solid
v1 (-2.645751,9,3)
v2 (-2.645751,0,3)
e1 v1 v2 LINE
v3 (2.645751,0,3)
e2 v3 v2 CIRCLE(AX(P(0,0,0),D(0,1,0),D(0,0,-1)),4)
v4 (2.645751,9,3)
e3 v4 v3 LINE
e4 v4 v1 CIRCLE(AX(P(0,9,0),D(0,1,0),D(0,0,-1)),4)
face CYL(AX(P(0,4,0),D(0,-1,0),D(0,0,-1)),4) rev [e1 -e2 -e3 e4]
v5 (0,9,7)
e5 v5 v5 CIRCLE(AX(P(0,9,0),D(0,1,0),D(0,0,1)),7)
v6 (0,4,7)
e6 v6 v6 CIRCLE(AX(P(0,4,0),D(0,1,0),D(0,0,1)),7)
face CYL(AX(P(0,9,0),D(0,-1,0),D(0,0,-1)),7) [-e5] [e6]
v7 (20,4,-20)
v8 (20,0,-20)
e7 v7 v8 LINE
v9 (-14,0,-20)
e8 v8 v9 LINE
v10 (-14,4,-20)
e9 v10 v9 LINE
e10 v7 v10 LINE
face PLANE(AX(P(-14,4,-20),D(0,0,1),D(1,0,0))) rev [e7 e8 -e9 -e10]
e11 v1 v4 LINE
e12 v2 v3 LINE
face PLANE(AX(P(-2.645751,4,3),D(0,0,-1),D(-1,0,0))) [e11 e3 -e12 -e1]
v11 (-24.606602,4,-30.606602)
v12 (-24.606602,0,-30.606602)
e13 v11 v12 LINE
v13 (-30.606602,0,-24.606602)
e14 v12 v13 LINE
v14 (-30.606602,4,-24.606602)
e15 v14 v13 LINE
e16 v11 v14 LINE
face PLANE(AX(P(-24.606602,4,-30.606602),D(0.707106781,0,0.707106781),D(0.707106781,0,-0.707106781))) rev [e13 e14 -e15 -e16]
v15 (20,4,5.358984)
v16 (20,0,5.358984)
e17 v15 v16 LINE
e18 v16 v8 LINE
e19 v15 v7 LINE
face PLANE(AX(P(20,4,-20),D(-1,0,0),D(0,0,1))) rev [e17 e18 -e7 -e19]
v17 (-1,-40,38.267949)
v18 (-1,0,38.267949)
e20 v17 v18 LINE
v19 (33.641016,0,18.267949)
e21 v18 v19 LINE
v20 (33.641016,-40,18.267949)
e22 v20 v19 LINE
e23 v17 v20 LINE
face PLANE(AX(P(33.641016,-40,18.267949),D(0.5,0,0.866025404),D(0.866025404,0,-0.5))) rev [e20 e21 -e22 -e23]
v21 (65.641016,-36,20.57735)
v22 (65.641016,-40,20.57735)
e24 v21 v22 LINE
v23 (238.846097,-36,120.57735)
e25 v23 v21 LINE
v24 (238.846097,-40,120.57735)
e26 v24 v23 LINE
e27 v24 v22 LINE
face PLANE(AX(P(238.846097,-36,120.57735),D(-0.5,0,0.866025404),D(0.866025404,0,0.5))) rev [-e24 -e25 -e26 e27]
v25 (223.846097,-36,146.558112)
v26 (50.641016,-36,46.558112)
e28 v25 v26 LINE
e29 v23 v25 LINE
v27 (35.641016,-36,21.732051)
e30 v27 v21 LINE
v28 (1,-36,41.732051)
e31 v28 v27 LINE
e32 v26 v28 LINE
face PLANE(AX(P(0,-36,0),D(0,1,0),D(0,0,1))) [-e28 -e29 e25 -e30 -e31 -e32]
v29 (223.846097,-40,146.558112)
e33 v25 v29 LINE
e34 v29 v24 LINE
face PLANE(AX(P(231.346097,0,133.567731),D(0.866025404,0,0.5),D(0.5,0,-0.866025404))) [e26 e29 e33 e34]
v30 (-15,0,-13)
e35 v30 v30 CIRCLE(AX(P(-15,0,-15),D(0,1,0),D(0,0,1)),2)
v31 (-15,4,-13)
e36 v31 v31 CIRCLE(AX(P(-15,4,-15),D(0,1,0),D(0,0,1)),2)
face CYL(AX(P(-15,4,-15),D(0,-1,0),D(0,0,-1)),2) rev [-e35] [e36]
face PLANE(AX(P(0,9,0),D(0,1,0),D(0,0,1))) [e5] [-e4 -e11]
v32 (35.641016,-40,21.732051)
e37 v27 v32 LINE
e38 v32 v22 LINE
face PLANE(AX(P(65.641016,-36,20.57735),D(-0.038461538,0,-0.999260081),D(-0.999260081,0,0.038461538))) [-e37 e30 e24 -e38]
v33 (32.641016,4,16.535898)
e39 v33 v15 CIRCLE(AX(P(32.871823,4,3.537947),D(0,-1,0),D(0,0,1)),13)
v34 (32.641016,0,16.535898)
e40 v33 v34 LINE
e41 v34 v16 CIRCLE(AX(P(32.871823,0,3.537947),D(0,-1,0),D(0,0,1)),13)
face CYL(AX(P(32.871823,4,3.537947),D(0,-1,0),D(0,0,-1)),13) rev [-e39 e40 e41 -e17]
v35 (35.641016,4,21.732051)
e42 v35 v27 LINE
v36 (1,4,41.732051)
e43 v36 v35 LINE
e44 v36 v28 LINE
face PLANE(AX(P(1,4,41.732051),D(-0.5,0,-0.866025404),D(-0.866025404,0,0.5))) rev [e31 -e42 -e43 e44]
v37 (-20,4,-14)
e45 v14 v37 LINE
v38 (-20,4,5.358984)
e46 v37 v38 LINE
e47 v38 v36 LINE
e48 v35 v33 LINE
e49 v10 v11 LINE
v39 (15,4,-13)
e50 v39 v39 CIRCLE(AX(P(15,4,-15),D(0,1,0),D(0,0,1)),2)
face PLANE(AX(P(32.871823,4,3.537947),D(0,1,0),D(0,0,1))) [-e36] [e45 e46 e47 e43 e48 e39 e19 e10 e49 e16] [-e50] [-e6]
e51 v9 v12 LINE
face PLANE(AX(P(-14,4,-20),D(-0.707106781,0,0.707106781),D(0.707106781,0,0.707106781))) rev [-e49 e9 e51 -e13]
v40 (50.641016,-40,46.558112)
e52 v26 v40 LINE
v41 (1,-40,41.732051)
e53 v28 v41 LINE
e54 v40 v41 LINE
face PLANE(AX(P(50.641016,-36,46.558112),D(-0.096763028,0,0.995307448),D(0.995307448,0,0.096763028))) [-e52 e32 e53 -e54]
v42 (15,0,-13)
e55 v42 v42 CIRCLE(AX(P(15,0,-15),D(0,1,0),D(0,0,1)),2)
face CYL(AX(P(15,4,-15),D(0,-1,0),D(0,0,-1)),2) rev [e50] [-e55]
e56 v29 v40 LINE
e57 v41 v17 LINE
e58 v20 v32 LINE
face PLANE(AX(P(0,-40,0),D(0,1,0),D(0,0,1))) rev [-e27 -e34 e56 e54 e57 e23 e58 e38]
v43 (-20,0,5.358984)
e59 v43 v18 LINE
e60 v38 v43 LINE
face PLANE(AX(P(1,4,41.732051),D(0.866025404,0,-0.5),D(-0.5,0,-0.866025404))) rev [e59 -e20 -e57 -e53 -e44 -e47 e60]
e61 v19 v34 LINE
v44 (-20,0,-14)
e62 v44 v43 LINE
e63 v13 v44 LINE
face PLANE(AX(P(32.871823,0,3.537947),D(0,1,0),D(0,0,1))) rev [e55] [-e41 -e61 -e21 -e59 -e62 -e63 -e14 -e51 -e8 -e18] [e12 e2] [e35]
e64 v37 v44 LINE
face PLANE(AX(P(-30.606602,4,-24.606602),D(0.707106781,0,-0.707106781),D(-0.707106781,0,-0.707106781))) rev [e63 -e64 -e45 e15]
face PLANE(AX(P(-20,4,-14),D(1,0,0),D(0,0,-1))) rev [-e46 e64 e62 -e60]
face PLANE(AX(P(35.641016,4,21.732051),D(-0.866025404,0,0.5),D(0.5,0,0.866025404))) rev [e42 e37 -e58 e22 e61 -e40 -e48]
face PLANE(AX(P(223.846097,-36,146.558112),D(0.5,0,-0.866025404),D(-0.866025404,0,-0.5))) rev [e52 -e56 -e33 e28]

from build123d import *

# Parameters (mm, degrees)
SKETCH1_R           = 2
BOSS_EXTRUDE1_DEPTH = 4
SKETCH2_R           = 7
BOSS_EXTRUDE2_DEPTH = 5
BOSS_EXTRUDE6_DEPTH = 40
BOSS_EXTRUDE7_DEPTH = 4
SKETCH9_W           = 30
SKETCH9_H           = 4
BOSS_EXTRUDE8_DEPTH = 200


with BuildPart() as part:
    # Sketch1 → Boss-Extrude1 (new body)
    with BuildSketch(Plane(origin=(0, 0, 0), x_dir=(1, 0, 0), z_dir=(0, 1, 0))):
        with BuildLine():
            Line((1, -41.732050808), (35.641016151, -21.732050808))
            Line((35.641016151, -21.732050808), (32.641016151, -16.535898385))
            ThreePointArc((32.641016151, -16.535898385), (24.260749779, -13.277014078), (20, -5.358983849))
            Line((20, -5.358983849), (20, 20))
            Line((20, 20), (-14, 20))
            Line((-14, 20), (-24.606601718, 30.606601718))
            Line((-24.606601718, 30.606601718), (-30.606601718, 24.606601718))
            Line((-30.606601718, 24.606601718), (-20, 14))
            Line((-20, 14), (-20, -5.358983849))
            Line((-20, -5.358983849), (1, -41.732050808))
        make_face()
        with Locations(Location((-15, 15, 0), (0, 0, 270))):
            Circle(SKETCH1_R, mode=Mode.SUBTRACT)
        with Locations(Location((15, 15, 0), (0, 0, 270))):
            Circle(SKETCH1_R, mode=Mode.SUBTRACT)
        with BuildLine():
            Line((-2.645751311, -3), (2.645751311, -3))
            ThreePointArc((2.645751311, -3), (0, 4), (-2.645751311, -3))
        make_face(mode=Mode.SUBTRACT)
    extrude(amount=BOSS_EXTRUDE1_DEPTH)

    # Sketch2 → Boss-Extrude2 (add)
    with BuildSketch(Plane(origin=(0, 4, 0), x_dir=(1, 0, 0), z_dir=(0, 1, 0))):
        with Locations(Location((0, 0, 0), (0, 0, 270))):
            Circle(SKETCH2_R)
        with BuildLine():
            Line((-2.645751311, -3), (2.645751311, -3))
            ThreePointArc((2.645751311, -3), (0, 4), (-2.645751311, -3))
        make_face(mode=Mode.SUBTRACT)
    extrude(amount=BOSS_EXTRUDE2_DEPTH)

    # Sketch7 → Boss-Extrude6 (add)
    with BuildSketch(Plane.XZ):
        Polygon((1, 41.732050808), (35.641016151, 21.732050808), (33.641016151, 18.267949192), (-1, 38.267949192), align=None)
    extrude(amount=BOSS_EXTRUDE6_DEPTH)

    # Sketch8 → Boss-Extrude7 (add)
    with BuildSketch(Plane.XZ.offset(40)):
        Polygon((50.641016151, 46.558112383), (65.641016151, 20.577350269), (35.641016151, 21.732050808), (1, 41.732050808), align=None)
    extrude(amount=-BOSS_EXTRUDE7_DEPTH)

    # Sketch9 → Boss-Extrude8 (add)
    with BuildSketch(Plane(origin=(58.141016151, 0, 33.567731326), x_dir=(0.5000000000000051, 0, -0.8660254037844357), z_dir=(0.8660254037844357, 0, 0.5000000000000051))):
        with Locations((0, -38)):
            Rectangle(SKETCH9_W, SKETCH9_H)
    extrude(amount=BOSS_EXTRUDE8_DEPTH)


solid = part.part
